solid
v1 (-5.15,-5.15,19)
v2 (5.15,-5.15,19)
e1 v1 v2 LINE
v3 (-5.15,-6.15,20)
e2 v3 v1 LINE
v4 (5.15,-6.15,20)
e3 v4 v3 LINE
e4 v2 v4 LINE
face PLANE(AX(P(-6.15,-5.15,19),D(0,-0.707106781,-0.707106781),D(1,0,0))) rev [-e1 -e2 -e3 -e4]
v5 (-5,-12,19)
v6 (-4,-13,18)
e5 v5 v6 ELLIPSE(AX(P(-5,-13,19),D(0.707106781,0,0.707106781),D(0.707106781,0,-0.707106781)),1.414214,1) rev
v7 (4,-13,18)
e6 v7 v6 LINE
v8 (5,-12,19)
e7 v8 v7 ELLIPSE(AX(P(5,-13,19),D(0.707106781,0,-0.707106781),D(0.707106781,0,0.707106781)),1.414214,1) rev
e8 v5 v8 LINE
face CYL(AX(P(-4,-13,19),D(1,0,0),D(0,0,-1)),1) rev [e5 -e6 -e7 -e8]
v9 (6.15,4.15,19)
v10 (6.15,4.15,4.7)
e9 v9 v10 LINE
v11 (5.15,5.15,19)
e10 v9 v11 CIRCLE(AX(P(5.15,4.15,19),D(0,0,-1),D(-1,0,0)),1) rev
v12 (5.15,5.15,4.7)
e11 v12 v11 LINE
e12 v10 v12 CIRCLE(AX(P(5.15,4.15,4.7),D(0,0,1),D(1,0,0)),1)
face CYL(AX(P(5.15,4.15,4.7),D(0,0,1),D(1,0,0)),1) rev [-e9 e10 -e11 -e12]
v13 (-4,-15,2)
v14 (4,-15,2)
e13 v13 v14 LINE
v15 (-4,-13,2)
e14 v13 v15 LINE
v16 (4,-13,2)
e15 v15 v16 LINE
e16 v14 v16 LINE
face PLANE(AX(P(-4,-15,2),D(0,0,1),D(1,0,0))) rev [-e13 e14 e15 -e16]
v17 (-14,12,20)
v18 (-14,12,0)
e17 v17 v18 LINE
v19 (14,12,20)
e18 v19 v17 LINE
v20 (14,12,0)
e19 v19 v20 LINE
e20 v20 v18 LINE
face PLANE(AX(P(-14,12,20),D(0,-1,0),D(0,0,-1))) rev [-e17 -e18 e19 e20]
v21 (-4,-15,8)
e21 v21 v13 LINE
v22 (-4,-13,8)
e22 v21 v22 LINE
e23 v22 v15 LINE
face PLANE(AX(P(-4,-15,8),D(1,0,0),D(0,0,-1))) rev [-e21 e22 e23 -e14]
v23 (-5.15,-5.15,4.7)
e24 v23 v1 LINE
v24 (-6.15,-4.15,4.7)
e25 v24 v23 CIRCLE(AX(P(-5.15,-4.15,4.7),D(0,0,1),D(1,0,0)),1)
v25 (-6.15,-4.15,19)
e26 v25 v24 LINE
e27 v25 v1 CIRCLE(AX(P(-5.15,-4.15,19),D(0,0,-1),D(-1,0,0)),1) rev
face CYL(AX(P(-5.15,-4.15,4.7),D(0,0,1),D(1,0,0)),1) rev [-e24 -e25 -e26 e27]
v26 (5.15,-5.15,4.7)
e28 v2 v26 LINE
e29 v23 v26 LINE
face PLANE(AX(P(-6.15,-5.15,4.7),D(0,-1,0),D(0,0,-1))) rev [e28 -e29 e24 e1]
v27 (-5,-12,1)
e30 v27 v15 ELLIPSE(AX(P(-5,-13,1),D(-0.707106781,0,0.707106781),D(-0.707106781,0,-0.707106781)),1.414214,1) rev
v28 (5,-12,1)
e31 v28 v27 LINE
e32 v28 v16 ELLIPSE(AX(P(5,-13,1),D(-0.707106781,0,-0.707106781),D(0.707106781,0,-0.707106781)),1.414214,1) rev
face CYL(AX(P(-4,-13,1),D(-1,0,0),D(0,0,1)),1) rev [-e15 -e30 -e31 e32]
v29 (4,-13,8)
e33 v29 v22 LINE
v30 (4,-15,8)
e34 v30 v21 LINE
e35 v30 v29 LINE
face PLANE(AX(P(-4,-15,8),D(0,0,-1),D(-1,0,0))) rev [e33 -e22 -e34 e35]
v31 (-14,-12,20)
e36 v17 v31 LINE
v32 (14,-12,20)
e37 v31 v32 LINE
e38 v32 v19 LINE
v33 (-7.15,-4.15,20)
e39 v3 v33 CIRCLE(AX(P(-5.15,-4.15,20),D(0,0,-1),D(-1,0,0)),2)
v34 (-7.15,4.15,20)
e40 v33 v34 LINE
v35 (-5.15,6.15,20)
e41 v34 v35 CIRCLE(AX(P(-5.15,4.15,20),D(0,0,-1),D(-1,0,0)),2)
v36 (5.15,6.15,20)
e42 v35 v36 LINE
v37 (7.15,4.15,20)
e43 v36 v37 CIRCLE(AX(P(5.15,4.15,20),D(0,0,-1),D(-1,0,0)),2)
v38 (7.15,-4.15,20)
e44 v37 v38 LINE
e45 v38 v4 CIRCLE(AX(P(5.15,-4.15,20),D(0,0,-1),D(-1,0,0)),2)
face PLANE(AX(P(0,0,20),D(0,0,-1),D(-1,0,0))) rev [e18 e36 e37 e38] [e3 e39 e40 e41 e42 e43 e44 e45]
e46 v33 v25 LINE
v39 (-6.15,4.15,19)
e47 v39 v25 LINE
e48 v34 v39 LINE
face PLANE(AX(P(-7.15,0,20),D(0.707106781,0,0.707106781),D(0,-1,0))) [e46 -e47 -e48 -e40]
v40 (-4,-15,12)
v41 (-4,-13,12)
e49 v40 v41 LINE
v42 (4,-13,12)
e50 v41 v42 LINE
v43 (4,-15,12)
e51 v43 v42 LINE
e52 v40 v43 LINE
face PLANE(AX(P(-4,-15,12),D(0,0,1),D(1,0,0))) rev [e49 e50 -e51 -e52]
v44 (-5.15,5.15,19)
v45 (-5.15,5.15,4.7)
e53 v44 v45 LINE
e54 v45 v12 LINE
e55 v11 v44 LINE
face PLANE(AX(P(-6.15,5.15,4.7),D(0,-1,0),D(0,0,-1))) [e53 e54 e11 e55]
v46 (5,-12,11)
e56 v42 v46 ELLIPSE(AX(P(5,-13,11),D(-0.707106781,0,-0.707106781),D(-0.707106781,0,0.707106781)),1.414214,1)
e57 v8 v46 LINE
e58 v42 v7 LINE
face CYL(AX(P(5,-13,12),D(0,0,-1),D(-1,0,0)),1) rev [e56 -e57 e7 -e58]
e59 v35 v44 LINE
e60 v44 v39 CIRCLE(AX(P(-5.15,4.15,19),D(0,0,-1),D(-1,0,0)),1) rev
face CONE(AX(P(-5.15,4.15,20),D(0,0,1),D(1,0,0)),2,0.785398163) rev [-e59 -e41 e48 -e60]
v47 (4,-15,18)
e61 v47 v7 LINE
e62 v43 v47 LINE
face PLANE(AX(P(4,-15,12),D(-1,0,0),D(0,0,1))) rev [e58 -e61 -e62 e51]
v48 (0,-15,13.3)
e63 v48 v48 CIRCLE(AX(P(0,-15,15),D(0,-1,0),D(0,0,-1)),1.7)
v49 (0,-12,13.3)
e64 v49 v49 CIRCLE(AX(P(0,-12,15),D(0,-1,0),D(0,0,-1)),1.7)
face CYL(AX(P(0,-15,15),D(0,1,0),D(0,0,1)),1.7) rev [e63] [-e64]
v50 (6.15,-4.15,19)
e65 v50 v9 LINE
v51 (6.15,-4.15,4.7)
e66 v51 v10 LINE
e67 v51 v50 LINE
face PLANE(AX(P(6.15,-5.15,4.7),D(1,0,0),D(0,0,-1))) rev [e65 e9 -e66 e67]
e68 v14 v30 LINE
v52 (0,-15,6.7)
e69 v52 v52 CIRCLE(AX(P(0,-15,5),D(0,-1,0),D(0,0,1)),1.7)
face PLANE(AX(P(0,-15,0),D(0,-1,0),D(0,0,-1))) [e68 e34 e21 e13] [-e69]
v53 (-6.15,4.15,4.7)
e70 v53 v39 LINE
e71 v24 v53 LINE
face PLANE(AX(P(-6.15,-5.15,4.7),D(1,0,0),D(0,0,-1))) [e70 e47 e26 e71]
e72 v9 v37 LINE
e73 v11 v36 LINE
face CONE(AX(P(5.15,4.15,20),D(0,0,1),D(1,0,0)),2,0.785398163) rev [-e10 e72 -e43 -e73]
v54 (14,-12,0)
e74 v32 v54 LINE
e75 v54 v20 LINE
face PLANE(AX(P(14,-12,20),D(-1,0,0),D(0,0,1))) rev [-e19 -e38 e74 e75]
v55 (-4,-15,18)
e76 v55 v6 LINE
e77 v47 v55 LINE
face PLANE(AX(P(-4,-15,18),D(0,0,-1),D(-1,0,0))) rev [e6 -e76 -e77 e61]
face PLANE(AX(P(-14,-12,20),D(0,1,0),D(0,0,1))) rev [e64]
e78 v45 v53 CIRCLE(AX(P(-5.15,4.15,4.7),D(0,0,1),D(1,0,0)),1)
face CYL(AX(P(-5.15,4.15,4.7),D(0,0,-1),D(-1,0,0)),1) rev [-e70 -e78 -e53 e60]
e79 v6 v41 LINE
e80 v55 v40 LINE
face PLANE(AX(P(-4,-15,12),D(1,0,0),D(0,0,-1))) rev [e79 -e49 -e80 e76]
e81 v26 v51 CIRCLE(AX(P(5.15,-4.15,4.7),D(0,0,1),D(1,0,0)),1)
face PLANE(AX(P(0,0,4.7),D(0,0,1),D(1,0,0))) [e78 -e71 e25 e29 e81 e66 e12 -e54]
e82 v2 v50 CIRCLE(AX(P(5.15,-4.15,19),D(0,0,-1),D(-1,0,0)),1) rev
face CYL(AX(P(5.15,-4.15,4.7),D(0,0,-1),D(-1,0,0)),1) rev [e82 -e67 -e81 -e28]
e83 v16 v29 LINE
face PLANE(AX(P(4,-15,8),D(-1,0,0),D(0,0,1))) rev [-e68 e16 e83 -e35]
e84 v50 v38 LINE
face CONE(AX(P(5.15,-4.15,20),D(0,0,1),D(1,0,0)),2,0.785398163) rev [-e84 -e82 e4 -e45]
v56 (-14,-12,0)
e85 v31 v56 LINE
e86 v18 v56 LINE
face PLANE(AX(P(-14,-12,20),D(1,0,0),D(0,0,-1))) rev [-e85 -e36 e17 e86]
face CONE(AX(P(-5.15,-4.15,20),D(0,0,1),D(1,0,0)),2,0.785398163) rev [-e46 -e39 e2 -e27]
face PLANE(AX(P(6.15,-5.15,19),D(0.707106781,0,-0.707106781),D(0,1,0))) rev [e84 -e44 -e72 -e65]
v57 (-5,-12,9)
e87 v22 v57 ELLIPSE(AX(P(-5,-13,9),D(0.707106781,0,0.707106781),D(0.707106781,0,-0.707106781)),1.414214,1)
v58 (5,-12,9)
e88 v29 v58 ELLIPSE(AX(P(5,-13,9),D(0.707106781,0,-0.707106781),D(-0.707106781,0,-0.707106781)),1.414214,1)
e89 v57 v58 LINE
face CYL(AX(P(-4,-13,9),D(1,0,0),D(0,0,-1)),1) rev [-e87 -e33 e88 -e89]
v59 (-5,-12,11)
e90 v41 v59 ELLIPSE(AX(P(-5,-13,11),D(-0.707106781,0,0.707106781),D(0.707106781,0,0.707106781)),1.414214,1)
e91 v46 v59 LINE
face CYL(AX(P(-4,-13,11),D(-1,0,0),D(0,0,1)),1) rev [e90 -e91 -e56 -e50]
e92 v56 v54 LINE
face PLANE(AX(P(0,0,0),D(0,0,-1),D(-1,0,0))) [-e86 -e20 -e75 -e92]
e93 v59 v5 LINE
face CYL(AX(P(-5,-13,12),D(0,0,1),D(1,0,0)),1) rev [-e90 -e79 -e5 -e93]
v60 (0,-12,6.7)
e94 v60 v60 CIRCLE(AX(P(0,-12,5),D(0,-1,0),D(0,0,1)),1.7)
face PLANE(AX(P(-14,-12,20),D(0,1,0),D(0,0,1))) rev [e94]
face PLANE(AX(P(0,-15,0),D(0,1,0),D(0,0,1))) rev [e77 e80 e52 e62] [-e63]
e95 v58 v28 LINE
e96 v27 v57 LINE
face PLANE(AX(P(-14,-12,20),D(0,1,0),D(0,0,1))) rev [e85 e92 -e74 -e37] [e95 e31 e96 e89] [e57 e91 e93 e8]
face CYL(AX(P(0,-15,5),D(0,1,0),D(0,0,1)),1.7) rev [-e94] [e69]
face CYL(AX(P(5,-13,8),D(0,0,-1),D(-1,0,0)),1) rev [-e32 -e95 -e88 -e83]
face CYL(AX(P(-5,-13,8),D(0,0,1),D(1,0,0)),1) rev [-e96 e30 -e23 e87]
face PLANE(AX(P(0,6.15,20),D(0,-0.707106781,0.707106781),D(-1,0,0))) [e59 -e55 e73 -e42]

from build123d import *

# Parameters (mm, degrees)
SKETCH1_W           = 28
SKETCH1_H           = 24
BOSS_EXTRUDE1_DEPTH = 20
SKETCH2_W           = 12.3
SKETCH2_H           = 10.3
CUT_EXTRUDE1_DEPTH  = 15.3
SKETCH3_W           = 8
SKETCH3_H           = 6
SKETCH3_R           = 1.7
BOSS_EXTRUDE3_DEPTH = 3
FILLET1_R           = 1
CHAMFER1_SIZE       = 1
FILLET2_R           = 1


with BuildPart() as part:
    # Sketch1 → Boss-Extrude1 (new body)
    with BuildSketch(Plane.XY):
        Rectangle(SKETCH1_W, SKETCH1_H)
    extrude(amount=BOSS_EXTRUDE1_DEPTH)

    # Sketch2 → Cut-Extrude1 (cut)
    with BuildSketch(Plane.XY.offset(20)):
        Rectangle(SKETCH2_W, SKETCH2_H)
    extrude(amount=-CUT_EXTRUDE1_DEPTH, mode=Mode.SUBTRACT)

    # Sketch3 → Boss-Extrude3 (add)
    # profile 1 of 2: a face of its own
    with BuildSketch(Plane.XZ.offset(12)):
        with Locations((0, 5)):
            Rectangle(SKETCH3_W, SKETCH3_H)
        with Locations(Location((0, 5, 0), (0, 0, 90))):
            Circle(SKETCH3_R, mode=Mode.SUBTRACT)
    # profile 2 of 2: a face of its own
    with BuildSketch(Plane.XZ.offset(12)):
        with Locations((0, 15)):
            Rectangle(SKETCH3_W, SKETCH3_H)
        with Locations(Location((0, 15, 0), (0, 0, 270))):
            Circle(SKETCH3_R, mode=Mode.SUBTRACT)
    extrude(amount=BOSS_EXTRUDE3_DEPTH)

    # Fillet1
    fillet1_edges = [part.edges().sort_by_distance(p)[0] for p in [
        (-6.15, 5.15, 12.35),
        (6.15, 5.15, 12.35),
        (6.15, -5.15, 12.35),
        (-6.15, -5.15, 12.35),
    ]]
    fillet(fillet1_edges, radius=FILLET1_R)

    # Chamfer1
    chamfer1_edges = [part.edges().sort_by_distance(p)[0] for p in [
        (6.15, 0, 20),
        (0, -5.15, 20),
        (0, 5.15, 20),
        (-6.15, 0, 20),
        (5.857106781, -4.857106781, 20),
        (5.857106781, 4.857106781, 20),
        (-5.857106781, 4.857106781, 20),
        (-5.857106781, -4.857106781, 20),
    ]]
    chamfer(chamfer1_edges, length=CHAMFER1_SIZE)

    # Fillet2
    fillet2_edges = [part.edges().sort_by_distance(p)[0] for p in [
        (4, -12, 15),
        (0, -12, 18),
        (-4, -12, 15),
        (0, -12, 12),
        (-4, -12, 5),
        (0, -12, 2),
        (4, -12, 5),
        (0, -12, 8),
    ]]
    fillet(fillet2_edges, radius=FILLET2_R)


solid = part.part
